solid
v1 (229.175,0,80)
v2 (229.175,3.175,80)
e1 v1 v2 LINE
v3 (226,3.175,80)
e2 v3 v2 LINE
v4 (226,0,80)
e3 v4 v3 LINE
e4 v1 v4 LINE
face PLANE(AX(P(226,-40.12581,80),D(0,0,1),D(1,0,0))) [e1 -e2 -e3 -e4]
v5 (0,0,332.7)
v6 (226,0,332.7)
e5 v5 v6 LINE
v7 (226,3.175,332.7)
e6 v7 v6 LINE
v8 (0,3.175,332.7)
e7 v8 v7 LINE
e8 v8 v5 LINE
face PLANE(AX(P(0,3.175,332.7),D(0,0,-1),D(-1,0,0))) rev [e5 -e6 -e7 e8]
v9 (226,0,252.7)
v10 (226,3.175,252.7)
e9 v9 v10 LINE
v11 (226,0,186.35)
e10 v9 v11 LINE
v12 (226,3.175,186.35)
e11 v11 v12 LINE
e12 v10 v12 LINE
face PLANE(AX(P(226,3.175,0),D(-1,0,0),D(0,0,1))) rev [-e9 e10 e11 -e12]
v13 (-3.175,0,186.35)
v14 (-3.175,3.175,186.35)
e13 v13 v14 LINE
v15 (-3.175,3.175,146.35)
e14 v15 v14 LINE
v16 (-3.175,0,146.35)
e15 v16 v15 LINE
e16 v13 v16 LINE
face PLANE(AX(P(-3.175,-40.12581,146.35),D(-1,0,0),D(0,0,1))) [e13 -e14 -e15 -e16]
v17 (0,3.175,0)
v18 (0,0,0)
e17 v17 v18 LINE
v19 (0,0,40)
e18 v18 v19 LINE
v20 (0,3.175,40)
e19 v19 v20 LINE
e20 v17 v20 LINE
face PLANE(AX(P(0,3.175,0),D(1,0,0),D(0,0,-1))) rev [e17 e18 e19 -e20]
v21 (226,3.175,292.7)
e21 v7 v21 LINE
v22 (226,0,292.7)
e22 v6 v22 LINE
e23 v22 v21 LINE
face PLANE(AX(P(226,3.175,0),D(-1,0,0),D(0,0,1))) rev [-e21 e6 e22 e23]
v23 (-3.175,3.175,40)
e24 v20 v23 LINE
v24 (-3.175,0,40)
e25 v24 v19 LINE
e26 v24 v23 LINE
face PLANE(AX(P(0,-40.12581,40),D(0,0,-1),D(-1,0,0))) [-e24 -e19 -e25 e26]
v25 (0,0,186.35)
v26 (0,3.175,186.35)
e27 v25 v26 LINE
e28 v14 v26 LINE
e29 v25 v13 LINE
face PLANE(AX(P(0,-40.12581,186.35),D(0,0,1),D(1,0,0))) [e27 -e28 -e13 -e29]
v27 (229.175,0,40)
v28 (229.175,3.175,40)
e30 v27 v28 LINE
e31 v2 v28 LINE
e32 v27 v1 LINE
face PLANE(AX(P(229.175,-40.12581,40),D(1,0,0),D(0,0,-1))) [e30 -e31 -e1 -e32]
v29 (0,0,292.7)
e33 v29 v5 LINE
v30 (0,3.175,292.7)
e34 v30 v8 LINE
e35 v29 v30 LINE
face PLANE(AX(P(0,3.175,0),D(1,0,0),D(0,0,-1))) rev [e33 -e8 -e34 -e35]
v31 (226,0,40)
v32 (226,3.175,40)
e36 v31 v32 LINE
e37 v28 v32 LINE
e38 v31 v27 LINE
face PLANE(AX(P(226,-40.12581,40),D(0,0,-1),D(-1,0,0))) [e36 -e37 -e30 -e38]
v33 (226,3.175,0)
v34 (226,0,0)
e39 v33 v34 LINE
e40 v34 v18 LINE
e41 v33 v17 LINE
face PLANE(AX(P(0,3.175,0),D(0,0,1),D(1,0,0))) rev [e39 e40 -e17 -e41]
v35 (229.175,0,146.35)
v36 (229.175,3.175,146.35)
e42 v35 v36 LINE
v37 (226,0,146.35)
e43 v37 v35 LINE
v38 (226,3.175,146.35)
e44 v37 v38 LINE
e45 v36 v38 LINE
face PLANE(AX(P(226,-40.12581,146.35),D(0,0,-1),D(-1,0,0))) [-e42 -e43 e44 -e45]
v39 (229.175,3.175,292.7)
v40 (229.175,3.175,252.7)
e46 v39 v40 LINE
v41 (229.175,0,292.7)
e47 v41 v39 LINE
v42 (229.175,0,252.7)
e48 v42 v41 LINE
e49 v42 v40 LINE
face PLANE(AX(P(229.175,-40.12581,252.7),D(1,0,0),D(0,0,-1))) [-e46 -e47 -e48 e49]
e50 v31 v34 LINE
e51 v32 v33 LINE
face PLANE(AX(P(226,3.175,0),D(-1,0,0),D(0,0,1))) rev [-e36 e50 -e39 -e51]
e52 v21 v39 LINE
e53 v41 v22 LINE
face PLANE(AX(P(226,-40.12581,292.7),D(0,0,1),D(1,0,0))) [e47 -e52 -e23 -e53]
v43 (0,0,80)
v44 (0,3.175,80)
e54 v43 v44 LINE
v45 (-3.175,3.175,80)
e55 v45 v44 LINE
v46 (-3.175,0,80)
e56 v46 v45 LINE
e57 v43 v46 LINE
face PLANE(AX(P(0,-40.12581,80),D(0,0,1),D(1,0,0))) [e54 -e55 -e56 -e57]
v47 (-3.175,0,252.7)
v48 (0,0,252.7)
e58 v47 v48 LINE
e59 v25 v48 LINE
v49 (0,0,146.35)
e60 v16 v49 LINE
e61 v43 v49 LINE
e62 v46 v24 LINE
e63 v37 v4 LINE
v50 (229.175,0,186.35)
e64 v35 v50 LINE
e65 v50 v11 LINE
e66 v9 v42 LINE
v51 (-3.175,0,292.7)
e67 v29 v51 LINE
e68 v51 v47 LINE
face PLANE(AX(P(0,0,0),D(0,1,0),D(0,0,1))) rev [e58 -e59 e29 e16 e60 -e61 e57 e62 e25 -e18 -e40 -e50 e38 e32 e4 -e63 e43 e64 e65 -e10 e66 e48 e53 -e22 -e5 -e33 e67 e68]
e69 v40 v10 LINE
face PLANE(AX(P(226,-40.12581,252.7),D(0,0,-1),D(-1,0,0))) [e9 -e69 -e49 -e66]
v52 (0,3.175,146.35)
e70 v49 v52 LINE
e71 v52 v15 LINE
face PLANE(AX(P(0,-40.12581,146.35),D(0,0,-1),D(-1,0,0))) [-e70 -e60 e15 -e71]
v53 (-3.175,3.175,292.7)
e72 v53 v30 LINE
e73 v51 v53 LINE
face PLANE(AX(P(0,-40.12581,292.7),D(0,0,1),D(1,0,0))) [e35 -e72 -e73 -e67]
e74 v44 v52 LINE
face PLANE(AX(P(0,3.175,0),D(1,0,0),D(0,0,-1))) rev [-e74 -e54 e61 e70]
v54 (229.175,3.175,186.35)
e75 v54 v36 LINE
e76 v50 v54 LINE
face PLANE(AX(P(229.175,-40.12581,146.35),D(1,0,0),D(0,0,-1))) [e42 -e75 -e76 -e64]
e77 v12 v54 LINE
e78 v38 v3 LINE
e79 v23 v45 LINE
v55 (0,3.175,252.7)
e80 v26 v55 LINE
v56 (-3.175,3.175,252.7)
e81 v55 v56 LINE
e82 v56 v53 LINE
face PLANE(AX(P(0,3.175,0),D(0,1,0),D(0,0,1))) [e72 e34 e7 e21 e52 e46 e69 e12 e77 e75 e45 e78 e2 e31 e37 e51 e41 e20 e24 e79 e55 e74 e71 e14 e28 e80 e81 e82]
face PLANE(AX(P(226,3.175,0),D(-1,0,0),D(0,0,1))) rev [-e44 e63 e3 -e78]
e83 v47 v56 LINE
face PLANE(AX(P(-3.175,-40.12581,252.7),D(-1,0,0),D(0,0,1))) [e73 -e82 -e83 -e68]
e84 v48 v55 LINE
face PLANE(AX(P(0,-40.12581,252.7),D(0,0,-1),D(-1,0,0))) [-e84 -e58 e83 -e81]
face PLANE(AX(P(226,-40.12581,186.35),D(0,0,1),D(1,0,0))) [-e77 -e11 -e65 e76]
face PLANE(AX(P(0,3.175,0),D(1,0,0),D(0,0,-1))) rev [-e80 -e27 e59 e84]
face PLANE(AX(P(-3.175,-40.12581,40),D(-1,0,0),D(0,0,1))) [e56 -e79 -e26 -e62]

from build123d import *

# Parameters (mm, degrees)
SKETCH1_W           = 226
SKETCH1_H           = 332.7
BOSS_EXTRUDE1_DEPTH = 3.175
SKETCH2_W           = 3.175
SKETCH2_H           = 40
BOSS_EXTRUDE2_DEPTH = 3.175
LPATTERN1_COUNT     = 3
LPATTERN1_PITCH     = 106.35


with BuildPart() as part:
    # Sketch1 → Boss-Extrude1 (new body)
    with BuildSketch(Plane(origin=(0, 0, 0), x_dir=(1, 0, 0), z_dir=(0, 1, 0))):
        with Locations((113, -166.35)):
            Rectangle(SKETCH1_W, SKETCH1_H)
    extrude(amount=BOSS_EXTRUDE1_DEPTH)

    # Sketch2 → Boss-Extrude2 (add)
    with BuildSketch(Plane(origin=(0, 3.175, 0), x_dir=(1, 0, 0), z_dir=(0, 1, 0))):
        with Locations((-1.5875, -60)):
            Rectangle(SKETCH2_W, SKETCH2_H)
        with Locations((227.5875, -60)):
            Rectangle(SKETCH2_W, SKETCH2_H)
    boss_extrude2 = extrude(amount=-BOSS_EXTRUDE2_DEPTH)

    # LPattern1: Boss-Extrude2 ×3
    with Locations(*[(0, 0, i * LPATTERN1_PITCH) for i in range(1, LPATTERN1_COUNT)]):
        add(boss_extrude2)


solid = part.part
